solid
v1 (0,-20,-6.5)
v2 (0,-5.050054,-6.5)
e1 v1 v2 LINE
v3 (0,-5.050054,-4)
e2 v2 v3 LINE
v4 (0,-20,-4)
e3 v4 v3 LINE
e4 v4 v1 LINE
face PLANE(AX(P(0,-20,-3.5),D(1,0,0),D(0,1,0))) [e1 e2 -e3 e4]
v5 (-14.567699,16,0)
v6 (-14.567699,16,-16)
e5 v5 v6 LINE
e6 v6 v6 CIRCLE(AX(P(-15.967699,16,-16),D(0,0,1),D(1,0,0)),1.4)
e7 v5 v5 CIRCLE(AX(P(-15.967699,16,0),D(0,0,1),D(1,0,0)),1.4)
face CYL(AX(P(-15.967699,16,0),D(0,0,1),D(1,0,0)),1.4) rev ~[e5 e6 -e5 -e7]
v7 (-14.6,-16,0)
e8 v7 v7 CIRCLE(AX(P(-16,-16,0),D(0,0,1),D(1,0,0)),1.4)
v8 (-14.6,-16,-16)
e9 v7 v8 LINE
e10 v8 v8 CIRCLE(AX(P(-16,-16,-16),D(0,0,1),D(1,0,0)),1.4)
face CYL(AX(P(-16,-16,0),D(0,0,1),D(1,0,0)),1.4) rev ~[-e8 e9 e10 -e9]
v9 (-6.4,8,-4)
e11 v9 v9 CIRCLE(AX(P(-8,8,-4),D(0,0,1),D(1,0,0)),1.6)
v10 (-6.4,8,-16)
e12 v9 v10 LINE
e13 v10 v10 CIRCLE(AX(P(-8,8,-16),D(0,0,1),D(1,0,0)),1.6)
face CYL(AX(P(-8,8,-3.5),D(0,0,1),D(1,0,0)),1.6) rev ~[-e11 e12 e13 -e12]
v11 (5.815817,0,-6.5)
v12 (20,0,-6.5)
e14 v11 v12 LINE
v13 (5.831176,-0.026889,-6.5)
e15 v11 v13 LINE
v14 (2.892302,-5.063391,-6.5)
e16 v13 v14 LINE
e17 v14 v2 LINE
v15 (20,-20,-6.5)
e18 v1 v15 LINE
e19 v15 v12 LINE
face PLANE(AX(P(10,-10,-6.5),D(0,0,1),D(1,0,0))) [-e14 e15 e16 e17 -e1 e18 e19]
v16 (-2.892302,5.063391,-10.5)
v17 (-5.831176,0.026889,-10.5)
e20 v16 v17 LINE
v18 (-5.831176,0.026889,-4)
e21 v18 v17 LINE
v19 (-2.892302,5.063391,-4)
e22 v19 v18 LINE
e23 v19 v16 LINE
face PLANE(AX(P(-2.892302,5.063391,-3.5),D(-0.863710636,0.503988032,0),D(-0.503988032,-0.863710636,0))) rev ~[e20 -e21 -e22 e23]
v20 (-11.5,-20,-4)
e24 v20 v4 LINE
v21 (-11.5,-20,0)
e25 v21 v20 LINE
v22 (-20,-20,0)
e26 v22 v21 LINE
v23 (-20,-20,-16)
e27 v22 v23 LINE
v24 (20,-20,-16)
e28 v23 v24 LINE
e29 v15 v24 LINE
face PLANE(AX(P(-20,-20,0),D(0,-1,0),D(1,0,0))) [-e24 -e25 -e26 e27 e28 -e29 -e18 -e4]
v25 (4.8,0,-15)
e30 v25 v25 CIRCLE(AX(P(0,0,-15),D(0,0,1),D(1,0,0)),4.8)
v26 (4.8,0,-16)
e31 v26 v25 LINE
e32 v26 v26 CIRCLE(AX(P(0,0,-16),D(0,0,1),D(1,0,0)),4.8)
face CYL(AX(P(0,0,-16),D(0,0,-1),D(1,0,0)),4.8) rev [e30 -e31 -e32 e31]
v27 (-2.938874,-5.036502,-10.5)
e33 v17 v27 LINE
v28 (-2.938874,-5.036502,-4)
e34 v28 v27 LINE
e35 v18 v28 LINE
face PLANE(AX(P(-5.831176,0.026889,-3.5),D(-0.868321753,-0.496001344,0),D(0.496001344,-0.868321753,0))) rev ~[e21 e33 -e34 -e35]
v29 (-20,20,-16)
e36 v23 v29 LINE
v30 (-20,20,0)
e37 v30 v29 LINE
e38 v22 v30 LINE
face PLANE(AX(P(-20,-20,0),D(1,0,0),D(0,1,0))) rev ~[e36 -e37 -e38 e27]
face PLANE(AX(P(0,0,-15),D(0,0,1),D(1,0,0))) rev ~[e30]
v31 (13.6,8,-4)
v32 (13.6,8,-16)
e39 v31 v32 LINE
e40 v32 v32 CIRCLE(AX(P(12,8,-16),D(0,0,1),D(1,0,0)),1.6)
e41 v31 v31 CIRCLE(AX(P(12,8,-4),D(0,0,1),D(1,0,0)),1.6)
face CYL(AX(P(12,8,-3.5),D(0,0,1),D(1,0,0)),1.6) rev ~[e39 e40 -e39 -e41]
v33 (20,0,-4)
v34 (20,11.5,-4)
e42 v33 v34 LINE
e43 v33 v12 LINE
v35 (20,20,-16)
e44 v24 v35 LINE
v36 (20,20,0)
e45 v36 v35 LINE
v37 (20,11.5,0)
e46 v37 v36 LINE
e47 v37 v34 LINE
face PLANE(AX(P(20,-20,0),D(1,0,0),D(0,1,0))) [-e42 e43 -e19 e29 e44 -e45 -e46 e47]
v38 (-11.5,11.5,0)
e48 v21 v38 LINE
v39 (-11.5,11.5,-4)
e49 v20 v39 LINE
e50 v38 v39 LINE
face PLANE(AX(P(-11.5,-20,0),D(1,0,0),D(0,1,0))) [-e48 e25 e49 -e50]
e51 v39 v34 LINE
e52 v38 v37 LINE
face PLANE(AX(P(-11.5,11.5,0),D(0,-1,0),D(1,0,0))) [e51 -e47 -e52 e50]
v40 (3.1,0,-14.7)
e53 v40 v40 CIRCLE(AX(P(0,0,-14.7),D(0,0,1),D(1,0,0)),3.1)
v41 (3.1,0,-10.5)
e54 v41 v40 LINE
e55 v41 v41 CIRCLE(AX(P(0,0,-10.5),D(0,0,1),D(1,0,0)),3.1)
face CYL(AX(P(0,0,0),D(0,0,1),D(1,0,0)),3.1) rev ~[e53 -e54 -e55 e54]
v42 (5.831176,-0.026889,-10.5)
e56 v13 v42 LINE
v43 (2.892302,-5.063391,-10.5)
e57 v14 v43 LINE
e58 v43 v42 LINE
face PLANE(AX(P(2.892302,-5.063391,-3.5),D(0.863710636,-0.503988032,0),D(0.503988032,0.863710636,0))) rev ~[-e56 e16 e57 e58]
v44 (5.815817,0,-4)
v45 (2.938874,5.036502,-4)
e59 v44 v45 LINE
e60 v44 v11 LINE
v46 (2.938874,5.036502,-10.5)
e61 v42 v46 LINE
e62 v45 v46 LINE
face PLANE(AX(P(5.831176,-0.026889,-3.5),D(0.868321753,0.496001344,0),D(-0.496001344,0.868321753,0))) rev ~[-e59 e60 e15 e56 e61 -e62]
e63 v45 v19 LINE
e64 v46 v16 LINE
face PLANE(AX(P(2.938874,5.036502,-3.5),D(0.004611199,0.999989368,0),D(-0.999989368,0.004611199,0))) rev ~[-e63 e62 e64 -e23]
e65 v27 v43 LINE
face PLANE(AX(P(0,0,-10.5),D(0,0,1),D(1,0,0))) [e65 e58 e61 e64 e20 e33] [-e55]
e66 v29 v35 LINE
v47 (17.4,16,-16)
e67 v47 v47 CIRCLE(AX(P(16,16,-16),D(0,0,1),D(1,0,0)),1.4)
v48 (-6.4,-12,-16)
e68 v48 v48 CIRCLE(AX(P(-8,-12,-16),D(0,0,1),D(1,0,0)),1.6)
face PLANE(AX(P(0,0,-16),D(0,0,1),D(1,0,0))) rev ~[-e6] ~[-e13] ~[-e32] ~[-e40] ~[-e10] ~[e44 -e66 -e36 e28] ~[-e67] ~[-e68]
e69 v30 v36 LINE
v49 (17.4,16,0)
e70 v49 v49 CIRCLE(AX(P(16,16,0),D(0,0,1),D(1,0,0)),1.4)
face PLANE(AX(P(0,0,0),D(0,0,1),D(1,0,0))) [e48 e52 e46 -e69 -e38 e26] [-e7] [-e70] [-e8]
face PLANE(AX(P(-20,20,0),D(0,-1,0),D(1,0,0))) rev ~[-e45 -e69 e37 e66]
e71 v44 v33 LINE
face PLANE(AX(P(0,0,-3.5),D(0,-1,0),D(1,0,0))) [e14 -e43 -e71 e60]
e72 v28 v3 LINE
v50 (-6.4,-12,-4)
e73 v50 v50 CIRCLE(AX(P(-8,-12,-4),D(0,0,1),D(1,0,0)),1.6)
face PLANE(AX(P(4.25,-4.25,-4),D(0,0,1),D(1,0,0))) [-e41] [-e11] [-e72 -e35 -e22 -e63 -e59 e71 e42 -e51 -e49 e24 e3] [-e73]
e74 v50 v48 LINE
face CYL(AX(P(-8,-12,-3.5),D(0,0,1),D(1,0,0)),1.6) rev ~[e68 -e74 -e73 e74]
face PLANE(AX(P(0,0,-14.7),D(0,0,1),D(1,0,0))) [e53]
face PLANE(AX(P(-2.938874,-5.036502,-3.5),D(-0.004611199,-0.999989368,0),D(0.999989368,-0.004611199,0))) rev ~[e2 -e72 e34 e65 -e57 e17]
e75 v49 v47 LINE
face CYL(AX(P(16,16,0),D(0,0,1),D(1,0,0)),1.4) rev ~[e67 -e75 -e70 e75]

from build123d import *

# Parameters (mm, degrees)
F0_W      = 40
F0_H      = 40
F1_DEPTH  = 16
F2_R      = 3.1
F3_DEPTH  = 14.7
F4_W      = 31.5
F4_H      = 31.5
F5_DEPTH  = 4
F8_DEPTH  = 7
F9_W      = 20
F9_H      = 20
F10_DEPTH = 3
F11_R     = 1.6
F12_DEPTH = 25
F14_R     = 4.8
F15_DEPTH = 1
F16_R     = 1.4
F17_DEPTH = 25


with BuildPart() as f1:
    # F0 (on Top) → F1 (new body)
    with BuildSketch(Plane.XY):
        Rectangle(F0_W, F0_H)
    extrude(amount=-F1_DEPTH)

    # F2 (on Top) → F3 (cut)
    with BuildSketch(Plane.XY):
        Circle(F2_R)
    extrude(amount=-F3_DEPTH, mode=Mode.SUBTRACT)

    # F4 (on Top) → F5 (cut)
    with BuildSketch(Plane.XY):
        with Locations((4.25, -4.25)):
            Rectangle(F4_W, F4_H)
    extrude(amount=-F5_DEPTH, mode=Mode.SUBTRACT)

    # F7 (on offset) → F8 (cut)
    with BuildSketch(Plane.XY.offset(-3.5)):
        Polygon((5.831176, -0.026889), (2.938874, 5.036502), (-2.892302, 5.063391), (-5.831176, 0.026889), (-2.938874, -5.036502), (2.892302, -5.063391), align=None)
    extrude(amount=-F8_DEPTH, mode=Mode.SUBTRACT)

    # F9 (on offset) → F10 (cut)
    with BuildSketch(Plane.XY.offset(-3.5)):
        with Locations((10, -10)):
            Rectangle(F9_W, F9_H)
    extrude(amount=-F10_DEPTH, mode=Mode.SUBTRACT)

    # F11 (on offset) → F12 (cut)
    with BuildSketch(Plane.XY.offset(-3.5)):
        with Locations((-8, 8)):
            Circle(F11_R)
        with Locations((12, 8)):
            Circle(F11_R)
        with Locations((-8, -12)):
            Circle(F11_R)
    extrude(amount=-F12_DEPTH, mode=Mode.SUBTRACT)

    # F14 (on offset) → F15 (cut)
    with BuildSketch(Plane.XY.offset(-16)):
        Circle(F14_R)
    extrude(amount=F15_DEPTH, mode=Mode.SUBTRACT)

    # F16 (on Top) → F17 (cut)
    with BuildSketch(Plane.XY):
        with Locations((-15.967699, 16)):
            Circle(F16_R)
        with Locations((16, 16)):
            Circle(F16_R)
        with Locations((-16, -16)):
            Circle(F16_R)
    extrude(amount=-F17_DEPTH, mode=Mode.SUBTRACT)


solid = f1.part
